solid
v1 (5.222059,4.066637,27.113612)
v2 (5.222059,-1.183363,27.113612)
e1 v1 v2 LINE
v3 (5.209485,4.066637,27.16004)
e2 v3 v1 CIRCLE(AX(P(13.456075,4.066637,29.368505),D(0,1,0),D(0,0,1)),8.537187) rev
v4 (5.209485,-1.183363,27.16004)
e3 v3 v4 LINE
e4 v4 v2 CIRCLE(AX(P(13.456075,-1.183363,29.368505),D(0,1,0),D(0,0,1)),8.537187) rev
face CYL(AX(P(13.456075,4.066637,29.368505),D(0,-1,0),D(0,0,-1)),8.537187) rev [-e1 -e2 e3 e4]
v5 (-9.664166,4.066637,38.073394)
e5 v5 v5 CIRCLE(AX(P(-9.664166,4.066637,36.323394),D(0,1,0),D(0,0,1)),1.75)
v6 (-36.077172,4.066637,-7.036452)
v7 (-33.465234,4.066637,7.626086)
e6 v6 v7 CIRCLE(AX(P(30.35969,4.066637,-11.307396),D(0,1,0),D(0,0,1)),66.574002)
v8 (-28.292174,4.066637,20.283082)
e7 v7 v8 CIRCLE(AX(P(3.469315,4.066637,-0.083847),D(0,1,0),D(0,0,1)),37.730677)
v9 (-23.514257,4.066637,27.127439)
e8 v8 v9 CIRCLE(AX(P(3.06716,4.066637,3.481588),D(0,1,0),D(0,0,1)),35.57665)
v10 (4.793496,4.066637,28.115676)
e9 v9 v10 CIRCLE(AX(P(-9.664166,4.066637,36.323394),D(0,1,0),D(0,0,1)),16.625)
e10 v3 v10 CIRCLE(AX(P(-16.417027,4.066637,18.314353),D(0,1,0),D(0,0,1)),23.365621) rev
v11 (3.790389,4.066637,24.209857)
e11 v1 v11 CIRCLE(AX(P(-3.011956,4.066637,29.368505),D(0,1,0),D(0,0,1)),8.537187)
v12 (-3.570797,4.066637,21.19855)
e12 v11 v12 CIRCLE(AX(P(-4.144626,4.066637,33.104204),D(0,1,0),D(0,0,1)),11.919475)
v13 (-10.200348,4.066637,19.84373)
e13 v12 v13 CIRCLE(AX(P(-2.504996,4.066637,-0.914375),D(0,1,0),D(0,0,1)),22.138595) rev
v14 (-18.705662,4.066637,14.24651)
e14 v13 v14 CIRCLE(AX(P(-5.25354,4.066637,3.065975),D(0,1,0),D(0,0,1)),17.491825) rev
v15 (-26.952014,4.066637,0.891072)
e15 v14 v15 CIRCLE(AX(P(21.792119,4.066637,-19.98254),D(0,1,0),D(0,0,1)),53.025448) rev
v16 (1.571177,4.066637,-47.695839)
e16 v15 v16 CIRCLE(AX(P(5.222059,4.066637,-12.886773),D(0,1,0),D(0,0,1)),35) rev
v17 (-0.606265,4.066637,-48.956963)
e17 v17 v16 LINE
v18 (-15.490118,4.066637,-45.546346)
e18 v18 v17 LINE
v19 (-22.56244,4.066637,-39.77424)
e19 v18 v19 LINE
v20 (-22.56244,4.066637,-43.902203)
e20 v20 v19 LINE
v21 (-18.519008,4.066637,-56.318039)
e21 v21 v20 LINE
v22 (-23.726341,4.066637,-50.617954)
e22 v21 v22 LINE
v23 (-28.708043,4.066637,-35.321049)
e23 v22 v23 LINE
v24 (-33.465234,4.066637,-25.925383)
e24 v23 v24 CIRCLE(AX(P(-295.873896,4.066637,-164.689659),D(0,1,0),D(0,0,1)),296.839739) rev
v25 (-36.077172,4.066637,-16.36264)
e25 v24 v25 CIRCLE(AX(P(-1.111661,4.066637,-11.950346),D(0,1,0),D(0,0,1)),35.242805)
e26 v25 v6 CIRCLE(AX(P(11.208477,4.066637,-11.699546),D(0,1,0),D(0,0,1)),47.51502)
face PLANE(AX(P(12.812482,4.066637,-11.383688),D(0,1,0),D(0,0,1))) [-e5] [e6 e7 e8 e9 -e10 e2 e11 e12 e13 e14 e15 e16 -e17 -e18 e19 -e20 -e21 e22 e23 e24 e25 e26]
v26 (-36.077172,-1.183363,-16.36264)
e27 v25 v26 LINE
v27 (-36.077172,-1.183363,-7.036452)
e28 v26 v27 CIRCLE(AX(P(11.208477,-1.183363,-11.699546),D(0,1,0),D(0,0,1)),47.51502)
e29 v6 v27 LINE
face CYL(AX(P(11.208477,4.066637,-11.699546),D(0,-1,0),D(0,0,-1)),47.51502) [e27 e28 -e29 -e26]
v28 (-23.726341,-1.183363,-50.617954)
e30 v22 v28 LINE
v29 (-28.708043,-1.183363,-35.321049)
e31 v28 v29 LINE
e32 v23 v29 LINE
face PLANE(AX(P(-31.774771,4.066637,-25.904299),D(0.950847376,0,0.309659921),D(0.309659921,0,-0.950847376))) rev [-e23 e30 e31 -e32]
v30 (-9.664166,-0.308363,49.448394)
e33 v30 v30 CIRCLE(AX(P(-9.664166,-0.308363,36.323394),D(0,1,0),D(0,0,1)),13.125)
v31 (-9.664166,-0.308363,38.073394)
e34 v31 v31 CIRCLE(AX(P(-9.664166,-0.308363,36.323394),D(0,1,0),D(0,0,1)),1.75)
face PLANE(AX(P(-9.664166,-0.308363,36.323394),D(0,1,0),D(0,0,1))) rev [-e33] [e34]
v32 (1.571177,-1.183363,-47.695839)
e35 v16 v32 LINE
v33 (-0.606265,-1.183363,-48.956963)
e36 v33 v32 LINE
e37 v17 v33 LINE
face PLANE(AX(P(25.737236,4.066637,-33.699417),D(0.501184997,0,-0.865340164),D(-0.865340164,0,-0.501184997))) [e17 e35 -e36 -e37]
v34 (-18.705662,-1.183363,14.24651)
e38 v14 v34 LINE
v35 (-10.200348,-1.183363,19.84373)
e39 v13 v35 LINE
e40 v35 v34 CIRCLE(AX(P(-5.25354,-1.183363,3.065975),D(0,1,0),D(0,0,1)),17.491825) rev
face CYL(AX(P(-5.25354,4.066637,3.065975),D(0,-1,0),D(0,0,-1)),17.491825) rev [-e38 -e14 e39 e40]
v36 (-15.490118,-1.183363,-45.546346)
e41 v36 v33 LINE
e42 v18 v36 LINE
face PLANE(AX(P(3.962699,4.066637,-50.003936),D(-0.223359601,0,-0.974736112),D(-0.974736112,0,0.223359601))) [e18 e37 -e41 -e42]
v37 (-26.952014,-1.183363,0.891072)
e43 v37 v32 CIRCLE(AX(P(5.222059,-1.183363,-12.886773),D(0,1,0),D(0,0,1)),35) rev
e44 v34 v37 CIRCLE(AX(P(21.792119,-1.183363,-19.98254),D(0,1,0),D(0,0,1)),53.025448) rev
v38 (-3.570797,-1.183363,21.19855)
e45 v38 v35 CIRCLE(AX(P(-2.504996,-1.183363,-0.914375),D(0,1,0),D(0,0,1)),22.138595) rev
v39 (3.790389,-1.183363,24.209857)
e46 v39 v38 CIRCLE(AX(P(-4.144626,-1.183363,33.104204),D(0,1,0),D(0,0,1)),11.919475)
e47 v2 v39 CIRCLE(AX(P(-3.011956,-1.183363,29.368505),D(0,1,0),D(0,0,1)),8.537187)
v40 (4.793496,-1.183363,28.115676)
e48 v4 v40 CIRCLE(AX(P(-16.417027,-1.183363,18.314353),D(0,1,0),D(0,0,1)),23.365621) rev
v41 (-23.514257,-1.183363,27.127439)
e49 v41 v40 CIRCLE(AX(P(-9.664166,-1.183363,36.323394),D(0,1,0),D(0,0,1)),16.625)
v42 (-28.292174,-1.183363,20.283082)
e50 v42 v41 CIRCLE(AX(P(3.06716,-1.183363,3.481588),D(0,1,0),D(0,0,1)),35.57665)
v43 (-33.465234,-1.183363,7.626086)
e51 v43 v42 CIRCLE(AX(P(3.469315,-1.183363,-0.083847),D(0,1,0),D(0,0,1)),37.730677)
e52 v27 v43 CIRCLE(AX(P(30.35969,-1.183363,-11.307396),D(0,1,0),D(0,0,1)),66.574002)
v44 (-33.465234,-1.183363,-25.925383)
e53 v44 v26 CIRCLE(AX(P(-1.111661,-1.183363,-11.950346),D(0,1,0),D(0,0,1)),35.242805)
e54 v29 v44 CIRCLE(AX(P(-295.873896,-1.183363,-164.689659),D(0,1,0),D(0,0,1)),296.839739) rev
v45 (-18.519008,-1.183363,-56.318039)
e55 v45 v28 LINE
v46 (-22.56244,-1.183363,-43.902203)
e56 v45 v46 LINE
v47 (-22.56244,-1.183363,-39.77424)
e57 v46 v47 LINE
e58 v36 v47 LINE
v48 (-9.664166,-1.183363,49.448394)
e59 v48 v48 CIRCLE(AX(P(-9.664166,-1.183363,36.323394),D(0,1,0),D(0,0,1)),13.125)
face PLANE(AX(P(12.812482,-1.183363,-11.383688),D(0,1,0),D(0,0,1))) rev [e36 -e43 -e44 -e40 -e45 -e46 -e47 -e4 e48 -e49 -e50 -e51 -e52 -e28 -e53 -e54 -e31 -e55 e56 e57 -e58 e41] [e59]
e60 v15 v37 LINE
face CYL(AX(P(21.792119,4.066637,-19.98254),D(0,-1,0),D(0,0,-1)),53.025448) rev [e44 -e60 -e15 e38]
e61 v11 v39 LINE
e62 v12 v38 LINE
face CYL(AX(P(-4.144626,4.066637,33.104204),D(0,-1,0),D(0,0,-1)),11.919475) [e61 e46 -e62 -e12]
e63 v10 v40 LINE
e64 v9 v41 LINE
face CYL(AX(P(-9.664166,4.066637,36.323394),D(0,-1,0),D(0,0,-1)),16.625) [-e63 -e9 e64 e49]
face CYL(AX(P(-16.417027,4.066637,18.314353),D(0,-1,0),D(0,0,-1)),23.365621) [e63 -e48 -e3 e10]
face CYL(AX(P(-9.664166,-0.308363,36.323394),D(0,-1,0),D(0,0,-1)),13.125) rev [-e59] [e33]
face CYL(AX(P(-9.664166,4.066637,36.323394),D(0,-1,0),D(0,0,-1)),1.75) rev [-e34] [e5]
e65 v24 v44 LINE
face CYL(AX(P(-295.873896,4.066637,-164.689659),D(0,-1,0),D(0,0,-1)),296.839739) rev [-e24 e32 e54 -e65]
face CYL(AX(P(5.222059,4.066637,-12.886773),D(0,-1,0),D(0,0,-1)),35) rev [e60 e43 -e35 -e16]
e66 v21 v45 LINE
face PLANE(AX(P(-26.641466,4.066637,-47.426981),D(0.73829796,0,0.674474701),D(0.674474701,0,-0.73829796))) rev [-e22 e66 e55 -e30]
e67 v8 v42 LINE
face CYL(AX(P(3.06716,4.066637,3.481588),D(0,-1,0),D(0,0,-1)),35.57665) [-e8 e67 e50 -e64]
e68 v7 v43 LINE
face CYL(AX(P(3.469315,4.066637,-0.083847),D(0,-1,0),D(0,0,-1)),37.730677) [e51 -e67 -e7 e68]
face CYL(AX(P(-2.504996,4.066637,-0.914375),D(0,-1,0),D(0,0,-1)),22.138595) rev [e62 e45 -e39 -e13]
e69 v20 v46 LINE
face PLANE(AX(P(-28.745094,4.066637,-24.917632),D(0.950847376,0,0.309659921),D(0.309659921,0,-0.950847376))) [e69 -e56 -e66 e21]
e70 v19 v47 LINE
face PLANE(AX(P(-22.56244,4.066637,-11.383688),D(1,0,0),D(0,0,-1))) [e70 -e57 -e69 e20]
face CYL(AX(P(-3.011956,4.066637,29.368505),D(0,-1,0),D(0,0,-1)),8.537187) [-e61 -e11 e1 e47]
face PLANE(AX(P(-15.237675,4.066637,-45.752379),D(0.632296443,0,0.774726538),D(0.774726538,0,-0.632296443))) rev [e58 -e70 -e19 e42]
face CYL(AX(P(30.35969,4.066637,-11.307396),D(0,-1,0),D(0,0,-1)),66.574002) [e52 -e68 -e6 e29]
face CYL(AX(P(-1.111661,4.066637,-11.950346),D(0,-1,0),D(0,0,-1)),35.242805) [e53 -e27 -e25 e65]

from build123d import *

# Parameters (mm, degrees)
SUNGU_KIRI_R        = 1
BOSS_EXTRUDE1_DEPTH = 3
SKETCH7_R           = 7.5
CUT_EXTRUDE2_DEPTH  = 0.5
SCALE1_SCALE        = 1.75


with BuildPart() as part:
    # sungu kiri → Boss-Extrude1 (new body)
    with BuildSketch(Plane(origin=(0, 0, 0), x_dir=(1, 0, 0), z_dir=(0, 1, 0))):
        with BuildLine():
            Line((-20.214241335, 18.58200887), (-17.903708636, 25.676772527))
            Line((-17.903708636, 25.676772527), (-20.879327355, 22.419581076))
            Line((-20.879327355, 22.419581076), (-23.726014444, 13.678492013))
            ThreePointArc((-23.726014444, 13.678492013), (-25.061399851, 10.98195956), (-26.444409257, 8.309539974))
            ThreePointArc((-26.444409257, 8.309539974), (-27.383764934, 5.63006722), (-27.936945566, 2.845115782))
            ThreePointArc((-27.936945566, 2.845115782), (-28.068014235, 0.18049064), (-27.936945566, -2.484134502))
            ThreePointArc((-27.936945566, -2.484134502), (-27.425713247, -6.715299694), (-26.444409257, -10.862727794))
            ThreePointArc((-26.444409257, -10.862727794), (-25.296755437, -14.61403578), (-23.488374839, -18.095297119))
            ThreePointArc((-23.488374839, -18.095297119), (-22.238356067, -20.131176806), (-20.758136978, -22.006357992))
            ThreePointArc((-20.758136978, -22.006357992), (-13.175246696, -36.755405871), (-4.582277955, -22.571064976))
            ThreePointArc((-4.582277955, -22.571064976), (-4.460378612, -22.299351604), (-4.344569641, -22.024987085))
            ThreePointArc((-4.344569641, -22.024987085), (-4.340995805, -22.01171692), (-4.3373846, -21.998456875))
            ThreePointArc((-4.3373846, -21.998456875), (-4.667057778, -21.129677391), (-5.155481579, -20.33916845))
            ThreePointArc((-5.155481579, -20.33916845), (-7.110923153, -19.117606911), (-9.361873626, -18.618421268))
            ThreePointArc((-9.361873626, -18.618421268), (-11.285784226, -18.376920372), (-13.150188878, -17.844238508))
            ThreePointArc((-13.150188878, -17.844238508), (-15.818147575, -16.60648921), (-18.010368345, -14.645827324))
            ThreePointArc((-18.010368345, -14.645827324), (-20.650416196, -11.005311906), (-22.72256926, -7.01414831))
            ThreePointArc((-22.72256926, -7.01414831), (-21.584958488, 10.98418111), (-6.423603233, 20.74980075))
            Line((-6.423603233, 20.74980075), (-7.667855794, 21.470443038))
            Line((-7.667855794, 21.470443038), (-16.17291449, 19.521519125))
            Line((-16.17291449, 19.521519125), (-20.214241335, 16.223172594))
            Line((-20.214241335, 16.223172594), (-20.214241335, 18.58200887))
        make_face()
        with Locations(Location((-12.843799059, -27.261189607, 0), (0, 0, 270))):
            Circle(SUNGU_KIRI_R, mode=Mode.SUBTRACT)
    extrude(amount=BOSS_EXTRUDE1_DEPTH)

    # Sketch7 → Cut-Extrude2 (cut)
    with BuildSketch(Plane(origin=(0, 0, 0), x_dir=(1, 0, 0), z_dir=(0, 1, 0))):
        with Locations(Location((-12.843799059, -27.261189607, 0), (0, 0, 270))):
            Circle(SKETCH7_R)
    extrude(amount=CUT_EXTRUDE2_DEPTH, mode=Mode.SUBTRACT)


with BuildPart() as part_1:
    # Scale1: scaled about (-17.083309672, 1.577817205, 15.178250086)
    add(part.part.scale(SCALE1_SCALE).moved(Location((12.812482254, -1.183362904, -11.383687565))))


solid = part_1.part
